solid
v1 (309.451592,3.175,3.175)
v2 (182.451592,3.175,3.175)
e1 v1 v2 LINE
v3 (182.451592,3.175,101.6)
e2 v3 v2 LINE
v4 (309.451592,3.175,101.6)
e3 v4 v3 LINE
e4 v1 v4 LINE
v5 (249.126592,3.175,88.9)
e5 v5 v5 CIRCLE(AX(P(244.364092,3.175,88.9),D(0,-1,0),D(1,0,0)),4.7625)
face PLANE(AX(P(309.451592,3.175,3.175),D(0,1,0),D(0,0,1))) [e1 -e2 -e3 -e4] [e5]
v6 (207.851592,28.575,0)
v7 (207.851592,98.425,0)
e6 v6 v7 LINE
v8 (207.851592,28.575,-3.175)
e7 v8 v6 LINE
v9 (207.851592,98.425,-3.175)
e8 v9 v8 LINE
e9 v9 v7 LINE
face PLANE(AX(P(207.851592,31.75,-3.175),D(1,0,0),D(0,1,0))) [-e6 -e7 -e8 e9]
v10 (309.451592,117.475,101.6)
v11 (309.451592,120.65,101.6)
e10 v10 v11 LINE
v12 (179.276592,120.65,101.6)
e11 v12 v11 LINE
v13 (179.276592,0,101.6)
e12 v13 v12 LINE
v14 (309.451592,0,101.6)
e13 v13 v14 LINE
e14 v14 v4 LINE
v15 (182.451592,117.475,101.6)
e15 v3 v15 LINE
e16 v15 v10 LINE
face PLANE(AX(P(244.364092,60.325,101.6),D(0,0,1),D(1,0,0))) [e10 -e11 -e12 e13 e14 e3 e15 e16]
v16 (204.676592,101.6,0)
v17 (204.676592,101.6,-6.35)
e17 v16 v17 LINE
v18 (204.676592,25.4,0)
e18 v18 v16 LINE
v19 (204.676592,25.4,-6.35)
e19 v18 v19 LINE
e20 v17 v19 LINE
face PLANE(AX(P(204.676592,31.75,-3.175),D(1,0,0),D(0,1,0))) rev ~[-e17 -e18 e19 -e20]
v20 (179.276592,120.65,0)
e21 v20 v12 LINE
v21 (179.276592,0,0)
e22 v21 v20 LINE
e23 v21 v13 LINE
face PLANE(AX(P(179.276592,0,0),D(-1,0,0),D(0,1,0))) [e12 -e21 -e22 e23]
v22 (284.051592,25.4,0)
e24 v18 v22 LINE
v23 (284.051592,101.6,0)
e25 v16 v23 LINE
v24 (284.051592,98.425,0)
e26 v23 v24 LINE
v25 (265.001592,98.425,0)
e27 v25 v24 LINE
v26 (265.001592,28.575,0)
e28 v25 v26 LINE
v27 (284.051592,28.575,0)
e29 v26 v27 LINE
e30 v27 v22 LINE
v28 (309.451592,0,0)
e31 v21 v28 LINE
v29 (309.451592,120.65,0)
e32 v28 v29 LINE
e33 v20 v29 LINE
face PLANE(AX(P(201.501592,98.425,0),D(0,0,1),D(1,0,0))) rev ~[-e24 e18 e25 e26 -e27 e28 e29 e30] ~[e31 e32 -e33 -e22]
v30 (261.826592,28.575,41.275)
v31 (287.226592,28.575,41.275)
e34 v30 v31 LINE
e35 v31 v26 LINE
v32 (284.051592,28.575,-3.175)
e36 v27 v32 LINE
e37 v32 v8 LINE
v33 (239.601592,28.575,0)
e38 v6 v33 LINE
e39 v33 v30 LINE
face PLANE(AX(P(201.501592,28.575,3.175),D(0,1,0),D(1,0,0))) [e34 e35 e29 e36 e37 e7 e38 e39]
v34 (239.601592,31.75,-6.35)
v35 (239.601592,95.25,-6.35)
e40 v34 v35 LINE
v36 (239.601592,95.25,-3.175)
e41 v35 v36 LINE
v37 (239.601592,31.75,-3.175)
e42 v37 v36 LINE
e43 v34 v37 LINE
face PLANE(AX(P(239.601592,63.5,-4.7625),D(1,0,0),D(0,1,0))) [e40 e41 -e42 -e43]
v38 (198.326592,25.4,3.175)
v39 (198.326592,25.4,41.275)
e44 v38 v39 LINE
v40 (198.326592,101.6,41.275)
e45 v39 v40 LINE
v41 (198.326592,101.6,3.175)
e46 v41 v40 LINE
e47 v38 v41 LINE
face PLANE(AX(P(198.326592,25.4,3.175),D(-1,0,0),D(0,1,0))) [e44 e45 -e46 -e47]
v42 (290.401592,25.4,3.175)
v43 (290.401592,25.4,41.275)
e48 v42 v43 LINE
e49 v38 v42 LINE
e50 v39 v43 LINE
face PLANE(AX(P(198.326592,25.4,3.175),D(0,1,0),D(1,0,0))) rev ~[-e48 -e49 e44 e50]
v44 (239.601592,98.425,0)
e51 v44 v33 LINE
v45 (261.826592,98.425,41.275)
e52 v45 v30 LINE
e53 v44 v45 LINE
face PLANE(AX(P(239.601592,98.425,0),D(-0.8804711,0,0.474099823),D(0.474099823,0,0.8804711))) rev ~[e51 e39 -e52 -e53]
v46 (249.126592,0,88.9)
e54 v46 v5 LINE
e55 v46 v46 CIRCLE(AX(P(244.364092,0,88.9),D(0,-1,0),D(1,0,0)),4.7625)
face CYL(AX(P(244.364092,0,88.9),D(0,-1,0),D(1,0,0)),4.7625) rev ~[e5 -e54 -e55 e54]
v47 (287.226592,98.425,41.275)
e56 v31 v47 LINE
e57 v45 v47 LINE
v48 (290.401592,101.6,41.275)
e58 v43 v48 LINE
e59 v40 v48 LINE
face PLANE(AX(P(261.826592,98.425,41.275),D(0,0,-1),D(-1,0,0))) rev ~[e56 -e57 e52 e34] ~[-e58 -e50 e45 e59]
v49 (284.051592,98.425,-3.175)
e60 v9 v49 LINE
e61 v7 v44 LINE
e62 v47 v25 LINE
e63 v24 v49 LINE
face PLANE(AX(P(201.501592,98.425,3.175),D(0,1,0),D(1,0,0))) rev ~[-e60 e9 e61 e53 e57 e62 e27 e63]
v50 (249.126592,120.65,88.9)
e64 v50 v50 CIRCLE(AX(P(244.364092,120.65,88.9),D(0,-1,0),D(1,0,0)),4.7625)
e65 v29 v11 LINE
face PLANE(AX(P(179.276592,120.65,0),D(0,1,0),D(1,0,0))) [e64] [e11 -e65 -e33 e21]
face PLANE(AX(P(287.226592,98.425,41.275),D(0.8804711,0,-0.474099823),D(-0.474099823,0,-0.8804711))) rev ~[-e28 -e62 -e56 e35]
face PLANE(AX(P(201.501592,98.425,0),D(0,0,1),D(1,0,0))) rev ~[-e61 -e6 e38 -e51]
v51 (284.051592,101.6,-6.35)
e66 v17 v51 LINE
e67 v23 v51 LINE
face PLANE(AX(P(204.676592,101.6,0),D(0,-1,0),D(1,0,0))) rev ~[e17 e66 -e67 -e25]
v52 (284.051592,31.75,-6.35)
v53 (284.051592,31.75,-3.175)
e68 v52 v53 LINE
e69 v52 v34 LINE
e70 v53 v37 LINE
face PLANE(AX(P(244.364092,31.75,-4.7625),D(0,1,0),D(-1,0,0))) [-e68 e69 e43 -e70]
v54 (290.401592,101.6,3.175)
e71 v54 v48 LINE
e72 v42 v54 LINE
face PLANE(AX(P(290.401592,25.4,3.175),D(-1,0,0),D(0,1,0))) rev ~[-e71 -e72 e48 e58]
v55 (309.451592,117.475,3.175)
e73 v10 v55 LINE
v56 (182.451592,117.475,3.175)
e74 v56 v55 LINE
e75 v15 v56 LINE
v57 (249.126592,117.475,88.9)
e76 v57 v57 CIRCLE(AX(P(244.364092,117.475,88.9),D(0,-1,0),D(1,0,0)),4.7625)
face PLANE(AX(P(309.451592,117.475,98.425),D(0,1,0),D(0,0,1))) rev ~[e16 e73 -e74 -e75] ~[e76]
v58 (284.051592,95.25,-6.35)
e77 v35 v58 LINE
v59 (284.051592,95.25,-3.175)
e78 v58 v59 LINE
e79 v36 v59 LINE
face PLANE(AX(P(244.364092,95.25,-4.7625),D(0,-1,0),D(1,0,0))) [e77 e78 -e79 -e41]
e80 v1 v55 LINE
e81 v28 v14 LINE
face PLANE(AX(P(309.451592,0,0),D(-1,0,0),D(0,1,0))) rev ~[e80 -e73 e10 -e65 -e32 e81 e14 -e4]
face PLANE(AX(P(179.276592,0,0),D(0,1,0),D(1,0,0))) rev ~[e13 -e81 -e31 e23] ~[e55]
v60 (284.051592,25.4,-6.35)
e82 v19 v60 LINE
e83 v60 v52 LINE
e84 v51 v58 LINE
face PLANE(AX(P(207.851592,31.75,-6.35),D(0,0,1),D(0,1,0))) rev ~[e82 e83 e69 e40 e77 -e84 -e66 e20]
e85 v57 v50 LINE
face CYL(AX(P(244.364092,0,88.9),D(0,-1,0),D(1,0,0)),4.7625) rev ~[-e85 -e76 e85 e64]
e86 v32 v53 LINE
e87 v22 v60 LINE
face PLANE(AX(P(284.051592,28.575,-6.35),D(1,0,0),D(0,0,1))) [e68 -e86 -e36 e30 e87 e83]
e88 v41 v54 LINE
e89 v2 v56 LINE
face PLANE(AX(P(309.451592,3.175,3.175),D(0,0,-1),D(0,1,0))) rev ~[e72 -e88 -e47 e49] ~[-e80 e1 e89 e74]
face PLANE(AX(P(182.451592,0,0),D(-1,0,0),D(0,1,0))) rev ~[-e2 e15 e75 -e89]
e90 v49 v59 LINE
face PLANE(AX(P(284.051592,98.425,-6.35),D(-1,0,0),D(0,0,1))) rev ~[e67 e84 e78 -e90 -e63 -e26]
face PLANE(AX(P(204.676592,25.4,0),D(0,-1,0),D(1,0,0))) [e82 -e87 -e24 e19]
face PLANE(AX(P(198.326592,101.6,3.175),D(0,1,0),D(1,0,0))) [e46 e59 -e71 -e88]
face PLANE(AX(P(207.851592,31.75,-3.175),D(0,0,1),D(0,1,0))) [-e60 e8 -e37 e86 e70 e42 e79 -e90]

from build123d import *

# Parameters (mm, degrees)
F0_W      = 130.175
F0_H      = 120.65
F1_DEPTH  = 101.6
F2_T      = -3.175
F3_W      = 85.725
F3_H      = 69.85
F4_DEPTH  = 25.4
F5_W      = 92.075
F5_H      = 76.2
F5_W_2    = 85.725
F5_H_2    = 69.85
F6_DEPTH  = 38.1
F7_W      = 79.375
F7_H      = 3.175
F8_DEPTH  = 6.35
F9_W      = 79.375
F9_H      = 3.175
F10_DEPTH = 6.35
F11_W     = 79.375
F11_H     = 3.175
F12_DEPTH = 3.175
F13_W     = 79.375
F13_H     = 3.175
F14_DEPTH = 3.175
F15_W     = 114.3
F15_H     = 95.25
F16_DEPTH = 6.35
F17_W     = 114.3
F17_H     = 3.175
F18_DEPTH = 16.764
F20_DEPTH = 69.85
F22_DEPTH = 69.85
F23_R     = 4.7625
F24_DEPTH = 148.082
F25_W     = 3.175
F25_H     = 3.175
F26_DEPTH = 69.85
F27_DEPTH = 3.175
F28_W     = 63.5
F28_H     = 3.175
F29_DEPTH = 31.75


with BuildPart() as f1:
    # F0 (on Top) → F1 (new body)
    with BuildSketch(Plane.XY):
        with Locations((244.3640923992, 60.325)):
            Rectangle(F0_W, F0_H)
    extrude(amount=F1_DEPTH)

    # F2
    f2_openings = [f1.faces().sort_by_distance(p)[0] for p in [
        (244.364092, 60.325, 101.6),
    ]]
    offset(amount=F2_T, openings=f2_openings)

    # F3 (on face) → F4 (cut)
    with BuildSketch(Plane.XY.offset(3.175)):
        with Locations((244.3640923992, 63.5)):
            Rectangle(F3_W, F3_H)
    extrude(amount=-F4_DEPTH, mode=Mode.SUBTRACT)

    # F5 (on face) → F6 (join)
    with BuildSketch(Plane.XY.offset(3.175)):
        with Locations((244.3640923992, 63.5)):
            Rectangle(F5_W, F5_H)
        with Locations((244.3640923992, 63.5)):
            Rectangle(F5_W_2, F5_H_2, mode=Mode.SUBTRACT)
    extrude(amount=F6_DEPTH)

    # F7 (on face) → F8 (join)
    with BuildSketch(Plane(origin=(0, 0, 0), x_dir=(1, 0, 0), z_dir=(0, 0, -1))):
        with Locations((244.3640923992, -26.9875)):
            Rectangle(F7_W, F7_H)
    extrude(amount=F8_DEPTH)

    # F9 (on face) → F10 (join)
    with BuildSketch(Plane(origin=(0, 0, 0), x_dir=(1, 0, 0), z_dir=(0, 0, -1))):
        with Locations((244.3640923992, -100.0125)):
            Rectangle(F9_W, F9_H)
    extrude(amount=F10_DEPTH)

    # F11 (on face) → F12 (join)
    with BuildSketch(Plane.XZ.offset(-98.425)):
        with Locations((244.3640923992, -4.7625)):
            Rectangle(F11_W, F11_H)
    extrude(amount=F12_DEPTH)

    # F13 (on face) → F14 (join)
    with BuildSketch(Plane(origin=(0, 28.575, 0), x_dir=(-1, 0, 0), z_dir=(0, 1, 0))):
        with Locations((-244.3640923992, -4.7625)):
            Rectangle(F13_W, F13_H)
    extrude(amount=F14_DEPTH)

    # F15 (on face) → F16 (cut)
    with BuildSketch(Plane.YZ.offset(309.4515923992)):
        with Locations((60.325, 50.8)):
            Rectangle(F15_W, F15_H)
    extrude(amount=-F16_DEPTH, mode=Mode.SUBTRACT)

    # F17 (on face) → F18 (cut)
    with BuildSketch(Plane.YZ.offset(309.4515923992)):
        with Locations((60.325, 100.0125)):
            Rectangle(F17_W, F17_H)
    extrude(amount=-F18_DEPTH, mode=Mode.SUBTRACT)

    # F19 (on face) → F20 (join)
    with BuildSketch(Plane.XZ.offset(-98.425)):
        Polygon((265.0015923992, 0), (284.0515923992, 0), (287.2265923992, 0), (287.2265923992, 41.275), align=None)
    extrude(amount=F20_DEPTH)

    # F21 (on face) → F22 (join)
    with BuildSketch(Plane.XZ.offset(-98.425)):
        Polygon((201.5015923992, 0), (204.6765923992, 0), (239.6015923992, 0), (261.8265923992, 41.275), (201.5015923992, 41.275), align=None)
    extrude(amount=F22_DEPTH)

    # F23 (on face) → F24 (cut)
    with BuildSketch(Plane.XZ):
        with Locations((244.3640923992, 88.9)):
            Circle(F23_R)
    extrude(amount=-F24_DEPTH, mode=Mode.SUBTRACT)

    # F25 (on face) → F26 (join)
    with BuildSketch(Plane(origin=(0, 28.575, 0), x_dir=(-1, 0, 0), z_dir=(0, 1, 0))):
        with Locations((-206.2640923992, -1.5875)):
            Rectangle(F25_W, F25_H)
    extrude(amount=F26_DEPTH)

    # F27 (add): a face of the model
    f27_faces = [f1.faces().sort_by_distance(p)[0] for p in [
        (206.2640923992, 63.5, -3.175),
    ]]
    extrude(f27_faces, amount=F27_DEPTH)

    # F28 (on face) → F29 (join)
    with BuildSketch(Plane.YZ.offset(207.8515923992)):
        with Locations((63.5, -4.7625)):
            Rectangle(F28_W, F28_H)
    extrude(amount=F29_DEPTH)


solid = f1.part
